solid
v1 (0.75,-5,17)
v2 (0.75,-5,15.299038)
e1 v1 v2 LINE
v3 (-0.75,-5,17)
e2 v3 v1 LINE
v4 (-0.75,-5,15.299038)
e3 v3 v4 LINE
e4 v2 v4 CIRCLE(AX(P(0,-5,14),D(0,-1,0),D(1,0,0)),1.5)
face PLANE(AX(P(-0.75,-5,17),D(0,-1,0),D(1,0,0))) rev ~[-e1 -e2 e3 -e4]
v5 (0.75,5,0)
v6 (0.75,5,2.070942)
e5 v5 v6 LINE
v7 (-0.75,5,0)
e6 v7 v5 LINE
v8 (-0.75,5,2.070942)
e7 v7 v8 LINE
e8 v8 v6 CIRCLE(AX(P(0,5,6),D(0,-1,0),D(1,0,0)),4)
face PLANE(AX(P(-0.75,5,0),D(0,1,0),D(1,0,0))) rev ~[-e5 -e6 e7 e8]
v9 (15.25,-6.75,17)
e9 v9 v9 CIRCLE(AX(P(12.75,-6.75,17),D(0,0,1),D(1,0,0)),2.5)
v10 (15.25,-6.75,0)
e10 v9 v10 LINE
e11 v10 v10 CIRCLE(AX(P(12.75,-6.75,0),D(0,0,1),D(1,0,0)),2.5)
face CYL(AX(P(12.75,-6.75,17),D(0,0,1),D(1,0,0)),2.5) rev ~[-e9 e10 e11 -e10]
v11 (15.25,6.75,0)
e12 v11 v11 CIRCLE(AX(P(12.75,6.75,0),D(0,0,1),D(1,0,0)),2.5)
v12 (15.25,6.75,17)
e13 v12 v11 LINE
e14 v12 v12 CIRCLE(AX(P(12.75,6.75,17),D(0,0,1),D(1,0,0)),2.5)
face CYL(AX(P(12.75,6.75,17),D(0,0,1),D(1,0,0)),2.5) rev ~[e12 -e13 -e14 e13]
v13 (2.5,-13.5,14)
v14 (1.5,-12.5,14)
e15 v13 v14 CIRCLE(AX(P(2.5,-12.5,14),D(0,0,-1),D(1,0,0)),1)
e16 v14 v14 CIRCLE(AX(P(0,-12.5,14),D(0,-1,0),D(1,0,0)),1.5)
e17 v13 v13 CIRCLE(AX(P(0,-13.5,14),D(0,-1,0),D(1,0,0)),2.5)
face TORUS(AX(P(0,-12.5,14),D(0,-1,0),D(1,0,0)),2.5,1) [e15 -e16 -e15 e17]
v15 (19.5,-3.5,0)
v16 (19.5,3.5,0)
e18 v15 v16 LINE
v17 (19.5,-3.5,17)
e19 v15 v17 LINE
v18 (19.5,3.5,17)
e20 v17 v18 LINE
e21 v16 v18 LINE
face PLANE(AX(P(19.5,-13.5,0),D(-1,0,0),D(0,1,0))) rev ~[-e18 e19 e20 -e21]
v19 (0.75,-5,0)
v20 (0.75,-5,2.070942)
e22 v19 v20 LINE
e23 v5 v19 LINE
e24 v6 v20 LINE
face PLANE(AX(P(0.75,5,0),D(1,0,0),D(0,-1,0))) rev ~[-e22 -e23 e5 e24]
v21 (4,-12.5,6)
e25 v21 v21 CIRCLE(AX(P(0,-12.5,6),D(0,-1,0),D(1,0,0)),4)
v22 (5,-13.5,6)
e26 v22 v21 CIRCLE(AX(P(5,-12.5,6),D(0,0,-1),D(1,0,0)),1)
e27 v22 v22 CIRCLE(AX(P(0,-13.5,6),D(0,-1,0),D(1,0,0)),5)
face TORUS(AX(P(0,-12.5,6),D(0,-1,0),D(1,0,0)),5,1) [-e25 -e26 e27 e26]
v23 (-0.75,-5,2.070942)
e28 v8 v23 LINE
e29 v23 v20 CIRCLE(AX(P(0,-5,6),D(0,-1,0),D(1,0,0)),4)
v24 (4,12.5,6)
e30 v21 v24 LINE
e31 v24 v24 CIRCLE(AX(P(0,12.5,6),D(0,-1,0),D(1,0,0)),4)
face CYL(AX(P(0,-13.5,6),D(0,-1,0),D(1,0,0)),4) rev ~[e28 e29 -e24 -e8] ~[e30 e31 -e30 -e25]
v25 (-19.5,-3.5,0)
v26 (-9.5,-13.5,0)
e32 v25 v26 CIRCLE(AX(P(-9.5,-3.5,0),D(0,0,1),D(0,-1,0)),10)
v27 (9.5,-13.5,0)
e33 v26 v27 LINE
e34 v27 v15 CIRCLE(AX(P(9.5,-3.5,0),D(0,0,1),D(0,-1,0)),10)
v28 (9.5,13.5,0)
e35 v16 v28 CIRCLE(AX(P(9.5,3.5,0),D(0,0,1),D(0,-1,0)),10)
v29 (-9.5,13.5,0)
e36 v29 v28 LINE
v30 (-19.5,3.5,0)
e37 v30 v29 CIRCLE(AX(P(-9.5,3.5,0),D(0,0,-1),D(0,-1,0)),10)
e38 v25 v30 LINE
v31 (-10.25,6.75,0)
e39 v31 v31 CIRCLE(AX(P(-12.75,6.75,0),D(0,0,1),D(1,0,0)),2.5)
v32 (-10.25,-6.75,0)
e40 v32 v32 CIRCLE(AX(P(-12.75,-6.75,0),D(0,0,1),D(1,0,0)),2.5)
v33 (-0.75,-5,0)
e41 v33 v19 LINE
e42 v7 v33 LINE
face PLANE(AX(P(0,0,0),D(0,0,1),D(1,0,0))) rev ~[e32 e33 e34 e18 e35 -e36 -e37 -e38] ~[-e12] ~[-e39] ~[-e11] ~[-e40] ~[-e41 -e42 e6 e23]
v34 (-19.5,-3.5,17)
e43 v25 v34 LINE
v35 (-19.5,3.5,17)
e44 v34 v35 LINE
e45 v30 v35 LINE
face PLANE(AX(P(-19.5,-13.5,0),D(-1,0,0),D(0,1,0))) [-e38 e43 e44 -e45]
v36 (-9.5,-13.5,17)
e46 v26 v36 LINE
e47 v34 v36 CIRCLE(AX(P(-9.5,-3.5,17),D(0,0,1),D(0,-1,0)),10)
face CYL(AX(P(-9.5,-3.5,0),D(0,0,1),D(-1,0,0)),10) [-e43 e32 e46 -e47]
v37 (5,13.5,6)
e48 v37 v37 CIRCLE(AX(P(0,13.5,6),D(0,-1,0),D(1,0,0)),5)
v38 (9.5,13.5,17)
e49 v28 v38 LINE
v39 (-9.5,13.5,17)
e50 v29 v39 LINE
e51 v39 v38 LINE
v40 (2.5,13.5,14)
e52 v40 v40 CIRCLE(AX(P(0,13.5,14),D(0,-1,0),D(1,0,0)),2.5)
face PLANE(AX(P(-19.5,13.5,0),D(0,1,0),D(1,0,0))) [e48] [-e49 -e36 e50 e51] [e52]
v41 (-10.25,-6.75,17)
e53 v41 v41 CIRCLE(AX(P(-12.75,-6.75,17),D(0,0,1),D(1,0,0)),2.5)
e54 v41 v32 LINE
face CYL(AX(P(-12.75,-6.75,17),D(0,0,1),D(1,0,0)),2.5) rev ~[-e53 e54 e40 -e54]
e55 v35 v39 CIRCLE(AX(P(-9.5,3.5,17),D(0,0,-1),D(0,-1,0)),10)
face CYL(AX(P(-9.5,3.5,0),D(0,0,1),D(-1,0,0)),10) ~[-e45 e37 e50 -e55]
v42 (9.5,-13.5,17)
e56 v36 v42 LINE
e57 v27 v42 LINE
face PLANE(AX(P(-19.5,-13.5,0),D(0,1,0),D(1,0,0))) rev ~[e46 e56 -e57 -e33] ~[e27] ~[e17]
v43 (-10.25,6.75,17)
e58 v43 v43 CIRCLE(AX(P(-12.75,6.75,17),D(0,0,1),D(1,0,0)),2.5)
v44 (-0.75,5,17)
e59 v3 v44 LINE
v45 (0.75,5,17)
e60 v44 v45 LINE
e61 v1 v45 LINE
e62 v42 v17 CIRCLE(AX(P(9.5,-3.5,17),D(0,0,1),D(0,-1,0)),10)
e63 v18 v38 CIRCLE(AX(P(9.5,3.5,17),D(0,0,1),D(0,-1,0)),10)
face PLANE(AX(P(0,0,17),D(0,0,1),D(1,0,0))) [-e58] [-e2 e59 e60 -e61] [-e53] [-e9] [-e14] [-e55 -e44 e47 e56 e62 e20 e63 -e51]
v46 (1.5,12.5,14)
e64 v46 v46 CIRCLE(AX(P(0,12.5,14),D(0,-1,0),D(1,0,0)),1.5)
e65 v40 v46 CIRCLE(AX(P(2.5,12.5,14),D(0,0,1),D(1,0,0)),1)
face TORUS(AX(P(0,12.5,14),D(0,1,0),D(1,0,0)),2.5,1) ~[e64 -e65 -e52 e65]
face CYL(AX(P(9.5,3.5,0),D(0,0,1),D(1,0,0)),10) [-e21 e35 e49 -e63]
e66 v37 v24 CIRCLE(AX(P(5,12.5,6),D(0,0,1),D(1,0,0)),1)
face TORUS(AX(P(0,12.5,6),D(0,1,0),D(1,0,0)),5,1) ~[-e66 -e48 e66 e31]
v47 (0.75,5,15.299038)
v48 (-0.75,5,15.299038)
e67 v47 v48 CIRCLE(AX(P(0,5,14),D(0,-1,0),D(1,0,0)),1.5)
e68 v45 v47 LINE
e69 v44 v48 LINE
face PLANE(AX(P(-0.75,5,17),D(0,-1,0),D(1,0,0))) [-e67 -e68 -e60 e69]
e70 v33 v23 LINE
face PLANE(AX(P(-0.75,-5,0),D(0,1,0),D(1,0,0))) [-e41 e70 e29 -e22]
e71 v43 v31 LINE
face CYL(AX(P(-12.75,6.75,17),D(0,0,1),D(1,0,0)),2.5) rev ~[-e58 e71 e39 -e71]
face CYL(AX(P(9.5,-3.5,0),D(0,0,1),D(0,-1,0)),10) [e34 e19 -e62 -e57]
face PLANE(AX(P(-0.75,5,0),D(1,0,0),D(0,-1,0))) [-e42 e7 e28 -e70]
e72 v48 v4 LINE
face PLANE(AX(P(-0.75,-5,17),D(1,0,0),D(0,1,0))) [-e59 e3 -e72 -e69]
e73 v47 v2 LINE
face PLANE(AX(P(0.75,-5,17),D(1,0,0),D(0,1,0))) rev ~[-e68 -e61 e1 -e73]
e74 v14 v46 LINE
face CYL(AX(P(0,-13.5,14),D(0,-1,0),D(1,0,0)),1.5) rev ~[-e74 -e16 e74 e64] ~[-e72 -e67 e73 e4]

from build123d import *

# Parameters (mm, degrees)
F0_W      = 39
F0_H      = 27
F1_DEPTH  = 17
F2_R      = 10
F3_R      = 2.5
F4_DEPTH  = 17.001
F5_R      = 1.5
F6_DEPTH  = 27.001
F7_W      = 1.5
F7_H      = 10
F8_DEPTH  = 1.7019618943
F9_R      = 4
F10_DEPTH = 27.001
F11_R     = 1
F12_W     = 1.5
F12_H     = 10
F13_DEPTH = 2.0719415886


with BuildPart() as f1:
    # F0 (on Top) → F1 (new body)
    with BuildSketch(Plane.XY):
        Rectangle(F0_W, F0_H)
    extrude(amount=F1_DEPTH)

    # F2
    f2_edges = [f1.edges().sort_by_distance(p)[0] for p in [
        (19.5, 13.5, 8.5),
        (-19.5, 13.5, 8.5),
        (-19.5, -13.5, 8.5),
        (19.5, -13.5, 8.5),
    ]]
    fillet(f2_edges, radius=F2_R)

    # F3 (on face) → F4 (cut, through all)
    with BuildSketch(Plane.XY.offset(17)):
        with Locations((-12.75, -6.75)):
            Circle(F3_R)
        with Locations((12.75, 6.75)):
            Circle(F3_R)
        with Locations((12.75, -6.75)):
            Circle(F3_R)
        with Locations((-12.75, 6.75)):
            Circle(F3_R)
    extrude(amount=-F4_DEPTH, mode=Mode.SUBTRACT)

    # F5 (on face) → F6 (cut, through all)
    with BuildSketch(Plane.XZ.offset(13.5)):
        with Locations((0, 14)):
            Circle(F5_R)
    extrude(amount=-F6_DEPTH, mode=Mode.SUBTRACT)

    # F7 (on face) → F8 (cut, through all)
    with BuildSketch(Plane.XY.offset(17)):
        Rectangle(F7_W, F7_H)
    extrude(amount=-F8_DEPTH, mode=Mode.SUBTRACT)

    # F9 (on face) → F10 (cut, through all)
    with BuildSketch(Plane.XZ.offset(13.5)):
        with Locations((0, 6)):
            Circle(F9_R)
    extrude(amount=-F10_DEPTH, mode=Mode.SUBTRACT)

    # F11
    f11_edges = [f1.edges().sort_by_distance(p)[0] for p in [
        (-1.5, -13.5, 14),
        (-1.5, 13.5, 14),
        (-4, -13.5, 6),
        (-4, 13.5, 6),
    ]]
    fillet(f11_edges, radius=F11_R)

    # F12 (on face) → F13 (cut, through all)
    with BuildSketch(Plane(origin=(0, 0, 0), x_dir=(1, 0, 0), z_dir=(0, 0, -1))):
        Rectangle(F12_W, F12_H)
    extrude(amount=-F13_DEPTH, mode=Mode.SUBTRACT)


solid = f1.part
